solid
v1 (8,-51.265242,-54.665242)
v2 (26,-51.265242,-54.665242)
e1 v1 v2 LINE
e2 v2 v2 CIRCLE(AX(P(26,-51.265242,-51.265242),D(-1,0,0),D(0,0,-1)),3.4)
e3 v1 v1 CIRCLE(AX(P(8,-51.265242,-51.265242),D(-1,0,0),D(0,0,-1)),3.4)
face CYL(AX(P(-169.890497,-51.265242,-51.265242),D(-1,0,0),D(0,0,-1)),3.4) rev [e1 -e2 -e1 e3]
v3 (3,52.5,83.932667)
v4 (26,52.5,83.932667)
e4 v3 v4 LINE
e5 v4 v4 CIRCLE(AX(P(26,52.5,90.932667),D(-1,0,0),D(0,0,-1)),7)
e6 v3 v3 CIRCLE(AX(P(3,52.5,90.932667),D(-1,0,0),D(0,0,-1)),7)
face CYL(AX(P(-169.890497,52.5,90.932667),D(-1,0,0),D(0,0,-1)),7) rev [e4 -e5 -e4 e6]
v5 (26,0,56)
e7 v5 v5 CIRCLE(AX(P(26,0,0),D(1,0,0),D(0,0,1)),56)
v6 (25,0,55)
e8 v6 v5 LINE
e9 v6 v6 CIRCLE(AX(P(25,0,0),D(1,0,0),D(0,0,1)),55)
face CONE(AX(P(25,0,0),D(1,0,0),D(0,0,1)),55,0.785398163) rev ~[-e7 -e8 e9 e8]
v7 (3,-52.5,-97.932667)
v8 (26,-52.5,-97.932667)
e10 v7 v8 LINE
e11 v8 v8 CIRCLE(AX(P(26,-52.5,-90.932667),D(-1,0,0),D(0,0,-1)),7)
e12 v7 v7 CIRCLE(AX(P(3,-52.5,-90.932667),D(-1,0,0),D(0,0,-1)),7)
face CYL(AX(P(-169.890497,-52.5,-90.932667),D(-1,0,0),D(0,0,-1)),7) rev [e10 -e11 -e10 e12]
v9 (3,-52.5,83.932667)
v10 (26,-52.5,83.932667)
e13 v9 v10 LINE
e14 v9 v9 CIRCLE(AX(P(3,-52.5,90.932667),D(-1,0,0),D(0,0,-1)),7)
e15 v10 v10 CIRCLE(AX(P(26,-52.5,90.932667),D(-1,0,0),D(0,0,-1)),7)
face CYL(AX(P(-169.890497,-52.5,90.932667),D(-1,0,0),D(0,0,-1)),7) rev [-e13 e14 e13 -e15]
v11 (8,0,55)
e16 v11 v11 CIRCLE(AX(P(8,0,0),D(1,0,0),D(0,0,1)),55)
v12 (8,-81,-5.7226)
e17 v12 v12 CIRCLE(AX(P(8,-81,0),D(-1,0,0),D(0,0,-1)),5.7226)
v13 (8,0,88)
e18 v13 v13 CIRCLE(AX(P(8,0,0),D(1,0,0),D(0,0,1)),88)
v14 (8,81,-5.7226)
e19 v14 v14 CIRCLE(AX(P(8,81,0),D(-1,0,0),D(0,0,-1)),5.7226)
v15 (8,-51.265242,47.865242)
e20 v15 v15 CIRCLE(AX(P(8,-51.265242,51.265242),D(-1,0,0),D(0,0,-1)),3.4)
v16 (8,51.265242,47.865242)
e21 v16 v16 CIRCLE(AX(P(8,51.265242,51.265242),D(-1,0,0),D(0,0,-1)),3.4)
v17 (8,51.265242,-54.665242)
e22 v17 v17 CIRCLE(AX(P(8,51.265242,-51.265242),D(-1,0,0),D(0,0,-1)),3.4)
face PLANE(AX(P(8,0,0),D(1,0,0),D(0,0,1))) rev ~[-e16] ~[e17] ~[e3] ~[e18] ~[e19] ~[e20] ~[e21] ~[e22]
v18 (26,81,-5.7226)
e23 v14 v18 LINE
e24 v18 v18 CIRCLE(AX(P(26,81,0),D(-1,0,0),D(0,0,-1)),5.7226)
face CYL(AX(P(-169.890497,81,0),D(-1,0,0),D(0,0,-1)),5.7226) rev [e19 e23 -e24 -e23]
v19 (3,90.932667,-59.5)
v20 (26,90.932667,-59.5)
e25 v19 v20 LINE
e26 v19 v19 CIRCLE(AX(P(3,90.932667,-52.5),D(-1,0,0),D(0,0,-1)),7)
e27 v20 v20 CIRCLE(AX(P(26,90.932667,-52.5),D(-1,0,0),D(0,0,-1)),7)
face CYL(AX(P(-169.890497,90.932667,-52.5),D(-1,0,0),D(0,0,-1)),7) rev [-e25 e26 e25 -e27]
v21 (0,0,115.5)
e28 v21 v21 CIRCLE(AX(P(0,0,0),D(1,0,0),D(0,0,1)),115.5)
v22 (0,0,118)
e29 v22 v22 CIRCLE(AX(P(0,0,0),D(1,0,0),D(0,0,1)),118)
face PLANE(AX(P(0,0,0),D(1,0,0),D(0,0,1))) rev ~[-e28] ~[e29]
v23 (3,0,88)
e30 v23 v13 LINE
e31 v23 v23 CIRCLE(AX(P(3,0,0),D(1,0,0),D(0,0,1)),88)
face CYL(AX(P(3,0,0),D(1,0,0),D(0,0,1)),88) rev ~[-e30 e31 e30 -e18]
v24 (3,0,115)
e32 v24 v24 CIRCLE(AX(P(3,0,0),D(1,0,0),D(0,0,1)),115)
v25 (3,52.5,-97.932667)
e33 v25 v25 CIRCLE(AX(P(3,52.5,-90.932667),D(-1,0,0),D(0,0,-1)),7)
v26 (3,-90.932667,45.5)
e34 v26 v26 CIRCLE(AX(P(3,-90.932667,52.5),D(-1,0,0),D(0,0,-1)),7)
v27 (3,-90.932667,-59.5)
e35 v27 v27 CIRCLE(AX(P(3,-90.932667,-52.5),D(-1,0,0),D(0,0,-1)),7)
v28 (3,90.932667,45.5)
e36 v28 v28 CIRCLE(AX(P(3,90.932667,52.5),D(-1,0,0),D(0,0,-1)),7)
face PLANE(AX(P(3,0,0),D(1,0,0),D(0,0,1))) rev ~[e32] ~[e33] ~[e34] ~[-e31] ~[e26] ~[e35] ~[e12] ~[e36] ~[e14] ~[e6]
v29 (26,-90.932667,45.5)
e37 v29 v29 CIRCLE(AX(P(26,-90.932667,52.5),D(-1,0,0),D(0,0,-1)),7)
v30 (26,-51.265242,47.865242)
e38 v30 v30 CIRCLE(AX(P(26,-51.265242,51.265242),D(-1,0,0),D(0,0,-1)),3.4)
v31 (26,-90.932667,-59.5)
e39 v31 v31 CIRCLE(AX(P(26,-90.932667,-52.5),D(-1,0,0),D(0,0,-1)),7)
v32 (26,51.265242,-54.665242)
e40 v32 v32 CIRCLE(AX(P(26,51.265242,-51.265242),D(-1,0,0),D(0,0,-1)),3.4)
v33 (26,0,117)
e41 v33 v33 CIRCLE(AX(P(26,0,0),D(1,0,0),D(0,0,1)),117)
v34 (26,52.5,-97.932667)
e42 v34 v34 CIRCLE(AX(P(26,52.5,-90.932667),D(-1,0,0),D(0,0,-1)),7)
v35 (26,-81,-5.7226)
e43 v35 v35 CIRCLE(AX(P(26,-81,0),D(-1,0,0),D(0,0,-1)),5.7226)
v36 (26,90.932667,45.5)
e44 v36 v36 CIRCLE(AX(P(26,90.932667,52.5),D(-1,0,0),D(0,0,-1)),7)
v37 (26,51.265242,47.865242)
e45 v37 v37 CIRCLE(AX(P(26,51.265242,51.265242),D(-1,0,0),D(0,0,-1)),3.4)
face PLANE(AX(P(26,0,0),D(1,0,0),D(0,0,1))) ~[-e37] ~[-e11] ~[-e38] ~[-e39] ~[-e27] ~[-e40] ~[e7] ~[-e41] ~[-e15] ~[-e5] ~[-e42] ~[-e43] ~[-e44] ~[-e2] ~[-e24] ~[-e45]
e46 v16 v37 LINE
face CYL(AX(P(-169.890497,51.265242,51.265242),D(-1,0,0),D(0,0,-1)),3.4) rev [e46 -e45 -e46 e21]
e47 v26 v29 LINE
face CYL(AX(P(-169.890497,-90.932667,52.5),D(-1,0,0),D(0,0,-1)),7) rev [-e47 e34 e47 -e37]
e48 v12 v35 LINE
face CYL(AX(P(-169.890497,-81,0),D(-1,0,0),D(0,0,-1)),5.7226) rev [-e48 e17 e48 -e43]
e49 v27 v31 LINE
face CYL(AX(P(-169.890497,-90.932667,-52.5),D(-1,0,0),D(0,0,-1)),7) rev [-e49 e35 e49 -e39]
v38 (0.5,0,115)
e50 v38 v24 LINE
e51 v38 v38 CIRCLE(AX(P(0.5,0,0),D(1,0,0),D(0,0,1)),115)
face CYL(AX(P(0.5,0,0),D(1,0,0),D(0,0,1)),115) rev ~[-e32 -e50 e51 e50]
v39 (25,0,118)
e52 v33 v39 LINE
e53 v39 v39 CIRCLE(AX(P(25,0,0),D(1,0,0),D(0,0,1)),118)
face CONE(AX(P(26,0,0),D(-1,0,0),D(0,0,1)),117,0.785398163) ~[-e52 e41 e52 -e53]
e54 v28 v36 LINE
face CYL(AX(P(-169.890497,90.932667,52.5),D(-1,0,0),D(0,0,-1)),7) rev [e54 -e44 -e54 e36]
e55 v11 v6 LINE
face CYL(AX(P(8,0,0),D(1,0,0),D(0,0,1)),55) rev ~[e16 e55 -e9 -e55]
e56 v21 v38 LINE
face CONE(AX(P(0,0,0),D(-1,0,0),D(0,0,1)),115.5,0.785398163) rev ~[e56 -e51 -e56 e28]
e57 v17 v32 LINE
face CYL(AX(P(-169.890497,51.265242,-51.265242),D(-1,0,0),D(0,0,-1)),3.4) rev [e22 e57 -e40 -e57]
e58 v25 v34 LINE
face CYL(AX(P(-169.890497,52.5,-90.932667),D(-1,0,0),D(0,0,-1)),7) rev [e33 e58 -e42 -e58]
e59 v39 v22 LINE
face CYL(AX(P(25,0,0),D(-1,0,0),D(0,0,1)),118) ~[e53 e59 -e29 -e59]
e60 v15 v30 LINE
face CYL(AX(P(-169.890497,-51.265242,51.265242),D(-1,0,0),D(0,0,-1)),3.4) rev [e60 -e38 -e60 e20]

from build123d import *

# Parameters (mm, degrees)
CUT_EXTRUDE_1_DEPTH      = 169.890497068
CUT_EXTRUDE_1_DEPTH_BACK = 169.890497068
SKETCH_2_R               = 7
SKETCH_2_R_2             = 3.4
SKETCH_2_R_3             = 5.7226


with BuildPart() as part:
    # ｽｹｯﾁ1 → 回転1 (revolve)
    with BuildSketch(Plane.XY, mode=Mode.PRIVATE) as revolve_1_sk:
        Polygon((0, 115.5), (0.5, 115), (3, 115), (3, 88), (8, 88), (8, 55), (25, 55), (26, 56), (26, 117), (25, 118), (0, 118), align=None)
    revolve(revolve_1_sk.sketch.rotate(Axis((0, 0, 0), (1, 0, 0)), 90), axis=Axis((0, 0, 0), (1, 0, 0)))

    # ｽｹｯﾁ2 → ｶｯﾄ - 押し出し1 (cut, two sides: drawn at the far end of the back side and taken through both)
    with BuildSketch(Plane(origin=(0, 0, 0), x_dir=(0, 0, -1), z_dir=(1, 0, 0)).offset(-CUT_EXTRUDE_1_DEPTH_BACK)):
        with Locations((90.932667397, 52.5)):
            Circle(SKETCH_2_R)
        with Locations((52.5, 90.932667397)):
            Circle(SKETCH_2_R)
        with Locations((-52.5, 90.932667397)):
            Circle(SKETCH_2_R)
        with Locations((-90.932667397, 52.5)):
            Circle(SKETCH_2_R)
        with Locations((-90.932667397, -52.5)):
            Circle(SKETCH_2_R)
        with Locations((-52.5, -90.932667397)):
            Circle(SKETCH_2_R)
        with Locations((52.5, -90.932667397)):
            Circle(SKETCH_2_R)
        with Locations((90.932667397, -52.5)):
            Circle(SKETCH_2_R)
        with Locations((51.265241636, 51.265241636)):
            Circle(SKETCH_2_R_2)
        with Locations((-51.265241636, 51.265241636)):
            Circle(SKETCH_2_R_2)
        with Locations((-51.265241636, -51.265241636)):
            Circle(SKETCH_2_R_2)
        with Locations((51.265241636, -51.265241636)):
            Circle(SKETCH_2_R_2)
        with Locations((0, 81)):
            Circle(SKETCH_2_R_3)
        with Locations((0, -81)):
            Circle(SKETCH_2_R_3)
    extrude(amount=CUT_EXTRUDE_1_DEPTH + CUT_EXTRUDE_1_DEPTH_BACK, mode=Mode.SUBTRACT)


solid = part.part
